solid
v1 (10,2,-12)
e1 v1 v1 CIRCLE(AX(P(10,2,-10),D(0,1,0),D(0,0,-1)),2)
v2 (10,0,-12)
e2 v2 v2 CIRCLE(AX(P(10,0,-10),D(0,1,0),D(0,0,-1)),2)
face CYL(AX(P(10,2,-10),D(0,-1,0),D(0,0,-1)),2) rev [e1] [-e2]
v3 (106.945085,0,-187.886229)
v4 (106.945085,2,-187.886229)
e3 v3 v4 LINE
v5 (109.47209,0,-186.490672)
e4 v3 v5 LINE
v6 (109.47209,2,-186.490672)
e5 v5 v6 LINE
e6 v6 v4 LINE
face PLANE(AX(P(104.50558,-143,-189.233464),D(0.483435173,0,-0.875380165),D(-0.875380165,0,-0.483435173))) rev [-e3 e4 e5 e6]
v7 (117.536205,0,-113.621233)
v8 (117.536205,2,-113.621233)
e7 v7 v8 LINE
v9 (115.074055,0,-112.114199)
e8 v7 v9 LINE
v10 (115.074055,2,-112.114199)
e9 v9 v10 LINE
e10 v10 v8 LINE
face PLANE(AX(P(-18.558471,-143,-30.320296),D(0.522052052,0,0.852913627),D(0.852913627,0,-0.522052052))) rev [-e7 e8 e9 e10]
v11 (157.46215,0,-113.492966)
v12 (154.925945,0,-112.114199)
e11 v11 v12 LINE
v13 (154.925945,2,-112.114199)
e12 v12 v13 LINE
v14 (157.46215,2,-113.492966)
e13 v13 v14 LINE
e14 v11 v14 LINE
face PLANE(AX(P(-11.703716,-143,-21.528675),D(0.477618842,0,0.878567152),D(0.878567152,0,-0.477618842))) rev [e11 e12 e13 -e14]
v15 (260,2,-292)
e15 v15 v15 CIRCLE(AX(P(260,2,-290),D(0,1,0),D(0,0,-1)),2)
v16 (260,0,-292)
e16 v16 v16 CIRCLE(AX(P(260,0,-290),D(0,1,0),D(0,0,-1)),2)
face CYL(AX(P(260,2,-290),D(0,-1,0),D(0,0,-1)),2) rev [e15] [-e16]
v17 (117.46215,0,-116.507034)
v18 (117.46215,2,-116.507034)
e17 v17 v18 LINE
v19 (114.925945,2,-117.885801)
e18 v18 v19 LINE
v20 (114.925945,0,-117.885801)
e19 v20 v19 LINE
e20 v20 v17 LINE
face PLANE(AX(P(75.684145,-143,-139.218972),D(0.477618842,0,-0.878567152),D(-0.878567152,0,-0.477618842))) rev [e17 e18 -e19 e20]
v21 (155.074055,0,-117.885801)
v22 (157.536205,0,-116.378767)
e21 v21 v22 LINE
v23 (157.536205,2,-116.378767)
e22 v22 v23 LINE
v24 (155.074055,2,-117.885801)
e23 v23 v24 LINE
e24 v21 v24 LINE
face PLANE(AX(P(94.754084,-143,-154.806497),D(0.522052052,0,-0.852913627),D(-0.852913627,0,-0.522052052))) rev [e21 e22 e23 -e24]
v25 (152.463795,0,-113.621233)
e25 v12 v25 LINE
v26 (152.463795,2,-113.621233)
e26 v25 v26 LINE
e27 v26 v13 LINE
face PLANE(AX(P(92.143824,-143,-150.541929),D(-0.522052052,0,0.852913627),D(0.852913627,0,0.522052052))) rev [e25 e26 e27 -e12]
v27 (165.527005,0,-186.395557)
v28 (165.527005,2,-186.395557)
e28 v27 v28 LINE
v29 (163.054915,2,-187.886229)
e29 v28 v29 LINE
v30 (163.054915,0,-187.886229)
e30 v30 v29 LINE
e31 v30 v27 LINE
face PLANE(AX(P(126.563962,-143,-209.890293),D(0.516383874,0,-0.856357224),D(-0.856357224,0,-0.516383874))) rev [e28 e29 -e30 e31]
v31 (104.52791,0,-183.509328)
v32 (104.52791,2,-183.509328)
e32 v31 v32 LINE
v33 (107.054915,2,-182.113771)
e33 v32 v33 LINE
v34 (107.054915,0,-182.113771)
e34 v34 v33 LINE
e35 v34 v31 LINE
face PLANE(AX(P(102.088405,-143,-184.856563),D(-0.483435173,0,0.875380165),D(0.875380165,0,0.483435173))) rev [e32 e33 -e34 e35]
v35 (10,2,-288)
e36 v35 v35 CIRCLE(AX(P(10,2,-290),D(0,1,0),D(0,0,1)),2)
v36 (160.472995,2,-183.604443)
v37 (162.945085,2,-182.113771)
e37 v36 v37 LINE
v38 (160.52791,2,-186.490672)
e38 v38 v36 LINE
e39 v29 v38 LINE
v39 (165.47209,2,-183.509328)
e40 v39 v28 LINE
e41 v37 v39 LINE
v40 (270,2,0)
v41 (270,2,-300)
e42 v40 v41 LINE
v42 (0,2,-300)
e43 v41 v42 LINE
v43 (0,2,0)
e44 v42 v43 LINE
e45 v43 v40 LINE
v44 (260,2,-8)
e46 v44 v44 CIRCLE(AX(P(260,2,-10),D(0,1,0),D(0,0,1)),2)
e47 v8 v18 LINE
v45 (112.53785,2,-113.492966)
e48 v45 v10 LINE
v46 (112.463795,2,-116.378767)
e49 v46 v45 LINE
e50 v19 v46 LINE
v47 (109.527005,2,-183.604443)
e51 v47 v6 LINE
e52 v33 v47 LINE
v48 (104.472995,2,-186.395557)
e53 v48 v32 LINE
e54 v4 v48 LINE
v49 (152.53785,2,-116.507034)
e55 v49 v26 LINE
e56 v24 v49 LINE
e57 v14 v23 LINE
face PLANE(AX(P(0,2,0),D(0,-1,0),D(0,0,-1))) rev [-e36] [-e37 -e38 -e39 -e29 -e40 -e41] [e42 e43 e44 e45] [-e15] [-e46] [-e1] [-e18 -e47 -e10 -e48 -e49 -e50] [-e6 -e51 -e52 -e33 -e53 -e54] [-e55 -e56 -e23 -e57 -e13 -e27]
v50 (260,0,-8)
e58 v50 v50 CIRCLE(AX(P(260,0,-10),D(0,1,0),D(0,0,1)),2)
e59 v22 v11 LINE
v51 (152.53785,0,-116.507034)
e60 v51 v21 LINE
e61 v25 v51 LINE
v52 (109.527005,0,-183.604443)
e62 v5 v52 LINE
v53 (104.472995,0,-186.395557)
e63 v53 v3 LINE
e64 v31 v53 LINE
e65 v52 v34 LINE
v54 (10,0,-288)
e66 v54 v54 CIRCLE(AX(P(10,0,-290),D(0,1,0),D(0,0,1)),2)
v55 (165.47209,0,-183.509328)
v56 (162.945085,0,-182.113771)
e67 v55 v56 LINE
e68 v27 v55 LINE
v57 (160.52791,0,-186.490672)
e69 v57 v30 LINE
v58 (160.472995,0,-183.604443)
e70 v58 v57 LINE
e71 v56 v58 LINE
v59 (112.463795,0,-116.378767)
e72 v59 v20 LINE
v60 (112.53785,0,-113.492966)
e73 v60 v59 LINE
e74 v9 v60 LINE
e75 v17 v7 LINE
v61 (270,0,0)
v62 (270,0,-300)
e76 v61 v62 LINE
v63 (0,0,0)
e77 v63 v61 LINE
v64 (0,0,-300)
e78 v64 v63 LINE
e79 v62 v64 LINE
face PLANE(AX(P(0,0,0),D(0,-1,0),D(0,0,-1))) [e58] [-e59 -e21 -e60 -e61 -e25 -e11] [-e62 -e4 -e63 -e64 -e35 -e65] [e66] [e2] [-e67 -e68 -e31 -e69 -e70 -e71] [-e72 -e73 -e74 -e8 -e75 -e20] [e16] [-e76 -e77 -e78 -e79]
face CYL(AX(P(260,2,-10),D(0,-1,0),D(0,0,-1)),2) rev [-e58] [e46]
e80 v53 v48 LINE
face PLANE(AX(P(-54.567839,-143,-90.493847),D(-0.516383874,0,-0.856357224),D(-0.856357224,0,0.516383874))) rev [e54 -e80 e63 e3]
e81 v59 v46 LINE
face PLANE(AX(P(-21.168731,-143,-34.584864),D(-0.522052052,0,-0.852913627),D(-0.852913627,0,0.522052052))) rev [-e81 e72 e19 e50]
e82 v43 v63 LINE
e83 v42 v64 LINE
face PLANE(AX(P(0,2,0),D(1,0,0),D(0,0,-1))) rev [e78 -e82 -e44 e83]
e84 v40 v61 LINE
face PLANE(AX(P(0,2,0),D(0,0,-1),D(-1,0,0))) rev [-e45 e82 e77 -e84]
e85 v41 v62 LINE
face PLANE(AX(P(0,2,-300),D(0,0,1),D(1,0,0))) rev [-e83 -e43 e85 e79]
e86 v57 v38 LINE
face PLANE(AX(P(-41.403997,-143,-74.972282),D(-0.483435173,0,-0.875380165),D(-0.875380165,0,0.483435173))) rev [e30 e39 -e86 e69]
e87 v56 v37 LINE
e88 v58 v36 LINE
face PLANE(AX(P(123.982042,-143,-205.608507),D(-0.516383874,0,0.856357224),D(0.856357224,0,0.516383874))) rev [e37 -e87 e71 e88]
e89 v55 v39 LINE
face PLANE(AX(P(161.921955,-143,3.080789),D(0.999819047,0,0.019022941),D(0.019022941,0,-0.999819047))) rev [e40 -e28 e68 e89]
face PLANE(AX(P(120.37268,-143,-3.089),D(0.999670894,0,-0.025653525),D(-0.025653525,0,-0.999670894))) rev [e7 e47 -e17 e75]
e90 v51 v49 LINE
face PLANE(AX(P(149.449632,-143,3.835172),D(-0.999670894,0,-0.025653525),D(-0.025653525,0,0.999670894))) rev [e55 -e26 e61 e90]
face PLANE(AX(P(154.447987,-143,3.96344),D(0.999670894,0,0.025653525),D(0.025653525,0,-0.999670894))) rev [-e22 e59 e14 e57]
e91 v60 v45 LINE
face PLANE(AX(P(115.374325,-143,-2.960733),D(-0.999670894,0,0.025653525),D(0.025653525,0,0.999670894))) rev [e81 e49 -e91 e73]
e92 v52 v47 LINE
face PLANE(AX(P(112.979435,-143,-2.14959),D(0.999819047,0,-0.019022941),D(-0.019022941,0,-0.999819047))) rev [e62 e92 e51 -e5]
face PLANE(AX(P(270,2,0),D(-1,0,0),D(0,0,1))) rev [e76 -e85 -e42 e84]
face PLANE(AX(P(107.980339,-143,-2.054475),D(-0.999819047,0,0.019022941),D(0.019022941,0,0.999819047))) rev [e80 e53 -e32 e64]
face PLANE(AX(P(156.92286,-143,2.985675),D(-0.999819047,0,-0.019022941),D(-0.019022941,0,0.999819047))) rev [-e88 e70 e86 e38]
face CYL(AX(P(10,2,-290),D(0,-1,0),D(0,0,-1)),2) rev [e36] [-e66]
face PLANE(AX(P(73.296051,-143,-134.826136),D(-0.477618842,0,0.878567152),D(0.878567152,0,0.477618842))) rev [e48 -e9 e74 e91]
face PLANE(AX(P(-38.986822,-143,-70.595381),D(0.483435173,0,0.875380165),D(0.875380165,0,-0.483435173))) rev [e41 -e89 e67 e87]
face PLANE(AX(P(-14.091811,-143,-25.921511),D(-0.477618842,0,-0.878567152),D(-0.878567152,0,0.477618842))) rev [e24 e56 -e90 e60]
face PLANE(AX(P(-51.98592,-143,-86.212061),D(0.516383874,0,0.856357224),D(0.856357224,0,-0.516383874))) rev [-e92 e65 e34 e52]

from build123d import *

# Parameters (mm, degrees)
SKETCH1_W           = 270
SKETCH1_H           = 300
SKETCH1_R           = 2
BOSS_EXTRUDE1_DEPTH = 2
CUT_EXTRUDE1_DEPTH  = 145


with BuildPart() as part:
    # Sketch1 → Boss-Extrude1 (new body)
    with BuildSketch(Plane(origin=(0, 0, 0), x_dir=(1, 0, 0), z_dir=(0, 1, 0))):
        with Locations((135, 150)):
            Rectangle(SKETCH1_W, SKETCH1_H)
        with Locations(Location((10, 290, 0), (0, 0, 270))):
            Circle(SKETCH1_R, mode=Mode.SUBTRACT)
        with Locations(Location((10, 10, 0), (0, 0, 90))):
            Circle(SKETCH1_R, mode=Mode.SUBTRACT)
        with Locations(Location((260, 10, 0), (0, 0, 270))):
            Circle(SKETCH1_R, mode=Mode.SUBTRACT)
        with Locations(Location((260, 290, 0), (0, 0, 90))):
            Circle(SKETCH1_R, mode=Mode.SUBTRACT)
    extrude(amount=BOSS_EXTRUDE1_DEPTH)

    # Sketch2 → Cut-Extrude1 (cut)
    with BuildSketch(Plane(origin=(0, 2, 0), x_dir=(1, 0, 0), z_dir=(0, 1, 0))):
        Polygon((162.945085498, 182.113771019), (165.472090368, 183.509328156), (165.527004869, 186.395557137), (163.054914502, 187.886228981), (160.527909632, 186.490671844), (160.472995131, 183.604442863), align=None)
        Polygon((154.925944651, 112.114198701), (157.462149561, 113.492965537), (157.53620491, 116.378766836), (155.074055349, 117.885801299), (152.537850439, 116.507034463), (152.46379509, 113.621233164), align=None)
        Polygon((115.074055349, 112.114198701), (117.53620491, 113.621233164), (117.462149561, 116.507034463), (114.925944651, 117.885801299), (112.46379509, 116.378766836), (112.537850439, 113.492965537), align=None)
        Polygon((107.054914502, 182.113771019), (109.527004869, 183.604442863), (109.472090368, 186.490671844), (106.945085498, 187.886228981), (104.472995131, 186.395557137), (104.527909632, 183.509328156), align=None)
    extrude(amount=-CUT_EXTRUDE1_DEPTH, mode=Mode.SUBTRACT)


solid = part.part
